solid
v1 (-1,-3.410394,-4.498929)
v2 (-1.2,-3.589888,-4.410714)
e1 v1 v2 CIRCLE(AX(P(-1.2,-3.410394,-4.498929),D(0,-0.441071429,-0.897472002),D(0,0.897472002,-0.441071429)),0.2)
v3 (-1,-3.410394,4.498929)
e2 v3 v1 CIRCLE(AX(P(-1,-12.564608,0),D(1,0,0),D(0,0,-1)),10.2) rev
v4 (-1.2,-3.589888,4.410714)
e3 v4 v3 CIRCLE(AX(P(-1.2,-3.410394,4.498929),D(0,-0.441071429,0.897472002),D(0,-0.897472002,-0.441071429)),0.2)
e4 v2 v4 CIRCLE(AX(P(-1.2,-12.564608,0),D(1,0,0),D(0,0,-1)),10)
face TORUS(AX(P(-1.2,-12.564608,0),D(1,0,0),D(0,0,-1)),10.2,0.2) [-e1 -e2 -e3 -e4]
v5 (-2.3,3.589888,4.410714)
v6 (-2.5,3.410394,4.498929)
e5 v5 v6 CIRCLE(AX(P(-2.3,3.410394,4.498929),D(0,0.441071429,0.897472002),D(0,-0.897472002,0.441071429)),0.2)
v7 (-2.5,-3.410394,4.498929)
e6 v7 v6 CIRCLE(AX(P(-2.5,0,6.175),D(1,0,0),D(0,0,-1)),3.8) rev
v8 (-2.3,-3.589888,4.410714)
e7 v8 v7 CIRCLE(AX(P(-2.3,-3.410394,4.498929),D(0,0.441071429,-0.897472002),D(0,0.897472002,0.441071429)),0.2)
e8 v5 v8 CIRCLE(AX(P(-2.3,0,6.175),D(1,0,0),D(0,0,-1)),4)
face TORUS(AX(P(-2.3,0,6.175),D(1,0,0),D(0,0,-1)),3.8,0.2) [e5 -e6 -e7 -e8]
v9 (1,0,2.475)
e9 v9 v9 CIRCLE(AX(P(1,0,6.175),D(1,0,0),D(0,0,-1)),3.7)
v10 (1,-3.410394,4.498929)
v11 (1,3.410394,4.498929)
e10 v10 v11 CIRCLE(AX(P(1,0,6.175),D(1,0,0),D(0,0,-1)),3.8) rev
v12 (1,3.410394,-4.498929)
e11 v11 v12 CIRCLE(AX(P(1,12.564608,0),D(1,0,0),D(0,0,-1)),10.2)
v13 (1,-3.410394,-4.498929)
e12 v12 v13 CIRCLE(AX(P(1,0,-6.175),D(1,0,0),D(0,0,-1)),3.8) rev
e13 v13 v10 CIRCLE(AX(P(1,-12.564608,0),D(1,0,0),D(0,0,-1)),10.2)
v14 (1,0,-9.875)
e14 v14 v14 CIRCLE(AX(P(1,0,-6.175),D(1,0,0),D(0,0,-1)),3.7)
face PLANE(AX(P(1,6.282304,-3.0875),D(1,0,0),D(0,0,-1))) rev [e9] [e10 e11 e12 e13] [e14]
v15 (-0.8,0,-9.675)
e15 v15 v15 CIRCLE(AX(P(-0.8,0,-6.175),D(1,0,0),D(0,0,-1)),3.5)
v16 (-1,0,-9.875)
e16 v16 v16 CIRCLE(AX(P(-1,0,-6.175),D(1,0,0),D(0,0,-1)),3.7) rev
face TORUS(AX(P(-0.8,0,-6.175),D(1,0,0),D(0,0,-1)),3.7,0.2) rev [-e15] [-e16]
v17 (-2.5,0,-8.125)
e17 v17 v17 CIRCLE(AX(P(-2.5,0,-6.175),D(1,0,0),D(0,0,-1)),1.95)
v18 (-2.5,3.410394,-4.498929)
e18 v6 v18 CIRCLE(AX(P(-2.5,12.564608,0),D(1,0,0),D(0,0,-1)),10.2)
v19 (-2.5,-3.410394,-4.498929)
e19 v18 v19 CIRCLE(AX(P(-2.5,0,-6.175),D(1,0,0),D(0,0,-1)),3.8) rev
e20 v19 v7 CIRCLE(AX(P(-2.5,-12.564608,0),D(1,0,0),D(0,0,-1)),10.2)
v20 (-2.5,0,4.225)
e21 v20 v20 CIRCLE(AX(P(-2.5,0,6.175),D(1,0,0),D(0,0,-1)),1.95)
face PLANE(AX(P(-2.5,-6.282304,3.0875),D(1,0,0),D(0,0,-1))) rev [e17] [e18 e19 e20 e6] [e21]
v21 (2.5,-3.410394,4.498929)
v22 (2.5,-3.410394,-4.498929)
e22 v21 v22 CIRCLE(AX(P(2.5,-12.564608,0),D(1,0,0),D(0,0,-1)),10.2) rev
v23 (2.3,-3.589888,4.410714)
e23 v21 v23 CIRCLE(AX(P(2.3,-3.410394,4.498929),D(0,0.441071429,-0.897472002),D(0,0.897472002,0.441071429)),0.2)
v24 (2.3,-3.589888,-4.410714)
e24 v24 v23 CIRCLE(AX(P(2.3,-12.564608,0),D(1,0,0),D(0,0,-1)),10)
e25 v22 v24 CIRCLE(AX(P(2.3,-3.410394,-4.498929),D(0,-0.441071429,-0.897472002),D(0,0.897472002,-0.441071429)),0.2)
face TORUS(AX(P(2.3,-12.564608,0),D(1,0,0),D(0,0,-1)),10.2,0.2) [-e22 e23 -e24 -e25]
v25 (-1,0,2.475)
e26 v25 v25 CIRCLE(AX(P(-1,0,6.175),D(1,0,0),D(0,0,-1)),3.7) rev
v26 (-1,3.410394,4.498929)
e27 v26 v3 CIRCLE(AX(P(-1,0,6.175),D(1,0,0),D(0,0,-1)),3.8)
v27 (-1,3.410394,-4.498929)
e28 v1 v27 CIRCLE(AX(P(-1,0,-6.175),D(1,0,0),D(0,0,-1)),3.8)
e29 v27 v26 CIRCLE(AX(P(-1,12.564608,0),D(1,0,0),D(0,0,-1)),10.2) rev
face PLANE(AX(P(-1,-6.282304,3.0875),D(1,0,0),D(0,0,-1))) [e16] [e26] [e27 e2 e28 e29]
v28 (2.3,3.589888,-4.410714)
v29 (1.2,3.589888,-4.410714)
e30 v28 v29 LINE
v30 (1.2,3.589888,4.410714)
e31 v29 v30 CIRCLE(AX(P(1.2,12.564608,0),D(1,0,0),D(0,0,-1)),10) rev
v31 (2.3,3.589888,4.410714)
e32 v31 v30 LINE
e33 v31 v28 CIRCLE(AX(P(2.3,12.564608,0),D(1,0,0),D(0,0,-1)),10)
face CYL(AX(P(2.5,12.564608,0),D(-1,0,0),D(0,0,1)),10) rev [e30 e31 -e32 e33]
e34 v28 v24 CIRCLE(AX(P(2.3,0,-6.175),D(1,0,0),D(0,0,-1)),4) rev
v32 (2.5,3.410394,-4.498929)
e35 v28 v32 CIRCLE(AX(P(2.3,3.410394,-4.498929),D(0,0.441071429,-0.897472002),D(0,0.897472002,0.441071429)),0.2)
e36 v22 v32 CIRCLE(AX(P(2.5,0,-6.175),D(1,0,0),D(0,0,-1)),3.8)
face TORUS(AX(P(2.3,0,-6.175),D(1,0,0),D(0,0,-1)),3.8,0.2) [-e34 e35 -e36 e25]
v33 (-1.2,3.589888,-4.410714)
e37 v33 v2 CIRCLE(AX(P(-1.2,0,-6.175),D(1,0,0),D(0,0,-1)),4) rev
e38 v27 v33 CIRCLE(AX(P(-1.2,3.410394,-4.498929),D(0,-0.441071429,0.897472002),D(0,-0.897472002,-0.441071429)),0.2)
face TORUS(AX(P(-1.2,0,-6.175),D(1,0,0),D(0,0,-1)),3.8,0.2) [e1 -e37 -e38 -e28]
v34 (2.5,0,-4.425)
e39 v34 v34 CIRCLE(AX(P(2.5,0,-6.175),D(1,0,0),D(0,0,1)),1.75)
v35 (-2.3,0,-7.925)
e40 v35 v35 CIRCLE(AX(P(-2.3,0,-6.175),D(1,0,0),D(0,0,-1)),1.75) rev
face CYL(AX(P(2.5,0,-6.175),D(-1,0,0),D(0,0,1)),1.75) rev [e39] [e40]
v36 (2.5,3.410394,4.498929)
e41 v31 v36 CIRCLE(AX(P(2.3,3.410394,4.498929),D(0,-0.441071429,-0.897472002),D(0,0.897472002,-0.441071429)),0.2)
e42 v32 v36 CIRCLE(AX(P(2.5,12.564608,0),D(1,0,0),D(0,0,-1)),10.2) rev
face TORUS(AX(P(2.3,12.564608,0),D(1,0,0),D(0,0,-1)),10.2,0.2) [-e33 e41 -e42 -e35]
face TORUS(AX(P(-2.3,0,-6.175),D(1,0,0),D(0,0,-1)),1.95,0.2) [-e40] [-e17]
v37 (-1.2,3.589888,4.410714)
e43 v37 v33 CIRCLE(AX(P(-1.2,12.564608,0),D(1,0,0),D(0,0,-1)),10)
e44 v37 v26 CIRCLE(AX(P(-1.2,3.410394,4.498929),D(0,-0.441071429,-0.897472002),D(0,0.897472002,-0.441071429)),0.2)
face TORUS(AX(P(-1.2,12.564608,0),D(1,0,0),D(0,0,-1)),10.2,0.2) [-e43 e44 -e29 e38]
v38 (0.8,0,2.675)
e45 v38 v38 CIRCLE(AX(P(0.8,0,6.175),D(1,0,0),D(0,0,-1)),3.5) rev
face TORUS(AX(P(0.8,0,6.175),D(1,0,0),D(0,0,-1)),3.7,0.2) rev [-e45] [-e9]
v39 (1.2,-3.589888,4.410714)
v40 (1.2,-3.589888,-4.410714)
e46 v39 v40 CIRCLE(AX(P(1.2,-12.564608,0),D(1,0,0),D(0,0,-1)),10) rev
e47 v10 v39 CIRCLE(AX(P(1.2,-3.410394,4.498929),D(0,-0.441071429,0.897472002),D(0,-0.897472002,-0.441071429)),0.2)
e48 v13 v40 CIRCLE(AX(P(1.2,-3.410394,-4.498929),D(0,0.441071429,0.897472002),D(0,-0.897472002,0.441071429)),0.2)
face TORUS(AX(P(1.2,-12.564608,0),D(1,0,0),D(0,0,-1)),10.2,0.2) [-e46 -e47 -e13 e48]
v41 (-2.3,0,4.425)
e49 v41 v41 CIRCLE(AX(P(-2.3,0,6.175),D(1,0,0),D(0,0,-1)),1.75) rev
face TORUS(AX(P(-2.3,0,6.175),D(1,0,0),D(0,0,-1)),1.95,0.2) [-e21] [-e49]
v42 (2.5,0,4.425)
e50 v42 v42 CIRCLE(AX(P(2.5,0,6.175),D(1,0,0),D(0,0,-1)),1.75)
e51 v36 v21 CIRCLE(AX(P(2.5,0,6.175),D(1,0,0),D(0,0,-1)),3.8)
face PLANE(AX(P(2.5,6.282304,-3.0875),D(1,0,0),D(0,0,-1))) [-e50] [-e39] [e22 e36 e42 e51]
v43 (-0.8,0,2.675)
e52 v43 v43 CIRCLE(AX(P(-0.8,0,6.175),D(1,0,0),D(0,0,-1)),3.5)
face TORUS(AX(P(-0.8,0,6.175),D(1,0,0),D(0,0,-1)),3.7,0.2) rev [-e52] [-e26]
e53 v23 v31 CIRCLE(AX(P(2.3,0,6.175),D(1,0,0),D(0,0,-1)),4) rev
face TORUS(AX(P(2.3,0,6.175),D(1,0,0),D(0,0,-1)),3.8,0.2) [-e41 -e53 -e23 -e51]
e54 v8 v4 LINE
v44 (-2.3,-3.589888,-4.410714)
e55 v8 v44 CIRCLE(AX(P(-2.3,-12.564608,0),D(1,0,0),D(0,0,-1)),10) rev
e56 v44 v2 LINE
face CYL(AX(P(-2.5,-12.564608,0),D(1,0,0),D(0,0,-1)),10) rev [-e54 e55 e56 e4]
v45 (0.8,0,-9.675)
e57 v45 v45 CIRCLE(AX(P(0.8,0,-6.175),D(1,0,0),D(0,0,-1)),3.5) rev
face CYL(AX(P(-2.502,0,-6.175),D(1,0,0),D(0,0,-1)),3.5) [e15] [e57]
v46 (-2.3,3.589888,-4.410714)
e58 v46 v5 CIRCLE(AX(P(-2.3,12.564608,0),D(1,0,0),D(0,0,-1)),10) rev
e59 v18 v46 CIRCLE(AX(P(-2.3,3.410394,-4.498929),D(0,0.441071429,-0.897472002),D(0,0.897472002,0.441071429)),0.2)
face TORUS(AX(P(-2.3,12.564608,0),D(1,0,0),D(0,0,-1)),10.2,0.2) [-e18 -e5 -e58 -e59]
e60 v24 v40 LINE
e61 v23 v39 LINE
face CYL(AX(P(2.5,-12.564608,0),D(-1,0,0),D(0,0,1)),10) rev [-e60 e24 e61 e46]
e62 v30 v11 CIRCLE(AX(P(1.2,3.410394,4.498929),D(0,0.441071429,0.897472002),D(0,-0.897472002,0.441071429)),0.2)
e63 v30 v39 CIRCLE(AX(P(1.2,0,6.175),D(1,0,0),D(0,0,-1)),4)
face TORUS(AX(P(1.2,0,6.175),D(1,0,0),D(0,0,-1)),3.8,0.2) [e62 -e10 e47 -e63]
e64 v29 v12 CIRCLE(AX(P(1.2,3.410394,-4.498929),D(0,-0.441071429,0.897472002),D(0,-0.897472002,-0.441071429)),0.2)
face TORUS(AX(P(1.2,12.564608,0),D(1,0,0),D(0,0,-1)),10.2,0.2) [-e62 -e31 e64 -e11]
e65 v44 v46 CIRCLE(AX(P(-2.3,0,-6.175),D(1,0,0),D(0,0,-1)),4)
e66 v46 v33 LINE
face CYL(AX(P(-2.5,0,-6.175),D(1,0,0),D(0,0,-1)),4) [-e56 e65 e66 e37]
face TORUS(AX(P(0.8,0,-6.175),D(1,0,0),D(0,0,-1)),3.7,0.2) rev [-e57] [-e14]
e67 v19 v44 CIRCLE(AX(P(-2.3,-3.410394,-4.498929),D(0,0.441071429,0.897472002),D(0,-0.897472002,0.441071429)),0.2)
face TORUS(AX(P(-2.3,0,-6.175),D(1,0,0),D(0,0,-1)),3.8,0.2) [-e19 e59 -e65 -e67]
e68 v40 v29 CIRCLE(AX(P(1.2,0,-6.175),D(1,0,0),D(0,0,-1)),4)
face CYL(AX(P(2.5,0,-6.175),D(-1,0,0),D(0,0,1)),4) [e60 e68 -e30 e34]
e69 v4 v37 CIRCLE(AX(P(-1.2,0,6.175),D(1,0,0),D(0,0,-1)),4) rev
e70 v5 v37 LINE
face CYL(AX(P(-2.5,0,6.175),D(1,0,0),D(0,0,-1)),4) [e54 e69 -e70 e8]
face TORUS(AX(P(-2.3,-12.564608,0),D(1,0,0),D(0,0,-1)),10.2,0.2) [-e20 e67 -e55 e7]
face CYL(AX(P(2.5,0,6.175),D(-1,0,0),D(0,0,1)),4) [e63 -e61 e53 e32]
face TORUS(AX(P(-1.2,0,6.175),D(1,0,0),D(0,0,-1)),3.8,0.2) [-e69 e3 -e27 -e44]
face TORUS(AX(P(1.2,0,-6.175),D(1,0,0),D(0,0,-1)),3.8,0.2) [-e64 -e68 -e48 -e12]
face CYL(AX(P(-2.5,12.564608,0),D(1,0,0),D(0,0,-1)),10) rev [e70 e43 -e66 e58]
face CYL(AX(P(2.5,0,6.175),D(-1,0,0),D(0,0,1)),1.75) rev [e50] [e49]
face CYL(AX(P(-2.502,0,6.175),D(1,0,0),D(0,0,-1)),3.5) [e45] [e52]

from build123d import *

# Parameters (mm, degrees)
SALIENTE_EXTRUIR1_START      = 1
CROQUIS1_R                   = 1.75
SALIENTE_EXTRUIR1_DEPTH      = 1.5
SALIENTE_EXTRUIR2_START      = -1
CROQUIS2_R                   = 1.75
SALIENTE_EXTRUIR2_DEPTH      = 1.5
CROQUIS3_R                   = 3.5
CROQUIS3_R_2                 = 1.75
SALIENTE_EXTRUIR3_DEPTH      = 1
SALIENTE_EXTRUIR3_DEPTH_BACK = 2.5
REDONDEO1_R                  = 0.2


with BuildPart() as part:
    # Croquis1 → Saliente-Extruir1 (new body)
    with BuildSketch(Plane(origin=(0, 0, 0), x_dir=(0, 0, -1), z_dir=(1, 0, 0)).offset(SALIENTE_EXTRUIR1_START)):
        with BuildLine():
            ThreePointArc((-4.410714286, 3.589888009), (-10.175, 0), (-4.410714286, -3.589888009))
            ThreePointArc((-4.410714286, -3.589888009), (0, -2.564608032), (4.410714286, -3.589888009))
            ThreePointArc((4.410714286, -3.589888009), (10.175, 0), (4.410714286, 3.589888009))
            ThreePointArc((4.410714286, 3.589888009), (0, 2.564608032), (-4.410714286, 3.589888009))
        make_face()
        with Locations((-6.175, 0)):
            Circle(CROQUIS1_R, mode=Mode.SUBTRACT)
        with Locations((6.175, 0)):
            Circle(CROQUIS1_R, mode=Mode.SUBTRACT)
    extrude(amount=SALIENTE_EXTRUIR1_DEPTH)



with BuildPart() as body_2:
    # Croquis2 → Saliente-Extruir2 (new body)
    with BuildSketch(Plane(origin=(0, 0, 0), x_dir=(0, 0, -1), z_dir=(1, 0, 0)).offset(SALIENTE_EXTRUIR2_START)):
        with BuildLine():
            ThreePointArc((-4.410714286, 3.589888009), (0, 2.564608032), (4.410714286, 3.589888009))
            ThreePointArc((4.410714286, 3.589888009), (10.175, 0), (4.410714286, -3.589888009))
            ThreePointArc((4.410714286, -3.589888009), (0, -2.564608032), (-4.410714286, -3.589888009))
            ThreePointArc((-4.410714286, -3.589888009), (-10.175, 0), (-4.410714286, 3.589888009))
        make_face()
        with Locations((6.175, 0)):
            Circle(CROQUIS2_R, mode=Mode.SUBTRACT)
        with Locations((-6.175, 0)):
            Circle(CROQUIS2_R, mode=Mode.SUBTRACT)
    extrude(amount=-SALIENTE_EXTRUIR2_DEPTH)


with BuildPart() as part_1:
    add(part.part)

    add(body_2.part)  # Saliente-Extruir3 merges body 2
    # Croquis3 → Saliente-Extruir3 (add, two sides)
    with BuildSketch(Plane(origin=(0, 0, 0), x_dir=(0, 0, -1), z_dir=(1, 0, 0))) as saliente_extruir3_sk:
        with Locations((-6.175, 0)):
            Circle(CROQUIS3_R)
        with Locations((-6.175, 0)):
            Circle(CROQUIS3_R_2, mode=Mode.SUBTRACT)
        with Locations((6.175, 0)):
            Circle(CROQUIS3_R)
        with Locations((6.175, 0)):
            Circle(CROQUIS3_R_2, mode=Mode.SUBTRACT)
    extrude(amount=SALIENTE_EXTRUIR3_DEPTH)
    extrude(saliente_extruir3_sk.sketch, amount=-SALIENTE_EXTRUIR3_DEPTH_BACK)

    # Redondeo1
    redondeo1_edges = [part_1.edges().sort_by_distance(p)[0] for p in [
        (2.5, -2.564608032, 0),
        (2.5, 0, -10.175),
        (-1, 0, -2.675),
        (1, 0, -2.675),
        (-2.5, 0, 10.175),
        (-2.5, 2.564608032, 0),
        (-2.5, 0, -10.175),
        (-2.5, -2.564608032, 0),
        (-2.5, 0, 7.925),
        (-2.5, 0, -4.425),
        (-1, 0, 10.175),
        (-1, -2.564608032, 0),
        (-1, 0, -10.175),
        (-1, 2.564608032, 0),
        (-1, 0, 9.675),
        (1, 0, 9.675),
        (2.5, 2.564608032, 0),
        (1, 0, -10.175),
        (1, -2.564608032, 0),
        (1, 0, 10.175),
        (1, 2.564608032, 0),
        (2.5, 0, 10.175),
    ]]
    fillet(redondeo1_edges, radius=REDONDEO1_R)


solid = part_1.part
